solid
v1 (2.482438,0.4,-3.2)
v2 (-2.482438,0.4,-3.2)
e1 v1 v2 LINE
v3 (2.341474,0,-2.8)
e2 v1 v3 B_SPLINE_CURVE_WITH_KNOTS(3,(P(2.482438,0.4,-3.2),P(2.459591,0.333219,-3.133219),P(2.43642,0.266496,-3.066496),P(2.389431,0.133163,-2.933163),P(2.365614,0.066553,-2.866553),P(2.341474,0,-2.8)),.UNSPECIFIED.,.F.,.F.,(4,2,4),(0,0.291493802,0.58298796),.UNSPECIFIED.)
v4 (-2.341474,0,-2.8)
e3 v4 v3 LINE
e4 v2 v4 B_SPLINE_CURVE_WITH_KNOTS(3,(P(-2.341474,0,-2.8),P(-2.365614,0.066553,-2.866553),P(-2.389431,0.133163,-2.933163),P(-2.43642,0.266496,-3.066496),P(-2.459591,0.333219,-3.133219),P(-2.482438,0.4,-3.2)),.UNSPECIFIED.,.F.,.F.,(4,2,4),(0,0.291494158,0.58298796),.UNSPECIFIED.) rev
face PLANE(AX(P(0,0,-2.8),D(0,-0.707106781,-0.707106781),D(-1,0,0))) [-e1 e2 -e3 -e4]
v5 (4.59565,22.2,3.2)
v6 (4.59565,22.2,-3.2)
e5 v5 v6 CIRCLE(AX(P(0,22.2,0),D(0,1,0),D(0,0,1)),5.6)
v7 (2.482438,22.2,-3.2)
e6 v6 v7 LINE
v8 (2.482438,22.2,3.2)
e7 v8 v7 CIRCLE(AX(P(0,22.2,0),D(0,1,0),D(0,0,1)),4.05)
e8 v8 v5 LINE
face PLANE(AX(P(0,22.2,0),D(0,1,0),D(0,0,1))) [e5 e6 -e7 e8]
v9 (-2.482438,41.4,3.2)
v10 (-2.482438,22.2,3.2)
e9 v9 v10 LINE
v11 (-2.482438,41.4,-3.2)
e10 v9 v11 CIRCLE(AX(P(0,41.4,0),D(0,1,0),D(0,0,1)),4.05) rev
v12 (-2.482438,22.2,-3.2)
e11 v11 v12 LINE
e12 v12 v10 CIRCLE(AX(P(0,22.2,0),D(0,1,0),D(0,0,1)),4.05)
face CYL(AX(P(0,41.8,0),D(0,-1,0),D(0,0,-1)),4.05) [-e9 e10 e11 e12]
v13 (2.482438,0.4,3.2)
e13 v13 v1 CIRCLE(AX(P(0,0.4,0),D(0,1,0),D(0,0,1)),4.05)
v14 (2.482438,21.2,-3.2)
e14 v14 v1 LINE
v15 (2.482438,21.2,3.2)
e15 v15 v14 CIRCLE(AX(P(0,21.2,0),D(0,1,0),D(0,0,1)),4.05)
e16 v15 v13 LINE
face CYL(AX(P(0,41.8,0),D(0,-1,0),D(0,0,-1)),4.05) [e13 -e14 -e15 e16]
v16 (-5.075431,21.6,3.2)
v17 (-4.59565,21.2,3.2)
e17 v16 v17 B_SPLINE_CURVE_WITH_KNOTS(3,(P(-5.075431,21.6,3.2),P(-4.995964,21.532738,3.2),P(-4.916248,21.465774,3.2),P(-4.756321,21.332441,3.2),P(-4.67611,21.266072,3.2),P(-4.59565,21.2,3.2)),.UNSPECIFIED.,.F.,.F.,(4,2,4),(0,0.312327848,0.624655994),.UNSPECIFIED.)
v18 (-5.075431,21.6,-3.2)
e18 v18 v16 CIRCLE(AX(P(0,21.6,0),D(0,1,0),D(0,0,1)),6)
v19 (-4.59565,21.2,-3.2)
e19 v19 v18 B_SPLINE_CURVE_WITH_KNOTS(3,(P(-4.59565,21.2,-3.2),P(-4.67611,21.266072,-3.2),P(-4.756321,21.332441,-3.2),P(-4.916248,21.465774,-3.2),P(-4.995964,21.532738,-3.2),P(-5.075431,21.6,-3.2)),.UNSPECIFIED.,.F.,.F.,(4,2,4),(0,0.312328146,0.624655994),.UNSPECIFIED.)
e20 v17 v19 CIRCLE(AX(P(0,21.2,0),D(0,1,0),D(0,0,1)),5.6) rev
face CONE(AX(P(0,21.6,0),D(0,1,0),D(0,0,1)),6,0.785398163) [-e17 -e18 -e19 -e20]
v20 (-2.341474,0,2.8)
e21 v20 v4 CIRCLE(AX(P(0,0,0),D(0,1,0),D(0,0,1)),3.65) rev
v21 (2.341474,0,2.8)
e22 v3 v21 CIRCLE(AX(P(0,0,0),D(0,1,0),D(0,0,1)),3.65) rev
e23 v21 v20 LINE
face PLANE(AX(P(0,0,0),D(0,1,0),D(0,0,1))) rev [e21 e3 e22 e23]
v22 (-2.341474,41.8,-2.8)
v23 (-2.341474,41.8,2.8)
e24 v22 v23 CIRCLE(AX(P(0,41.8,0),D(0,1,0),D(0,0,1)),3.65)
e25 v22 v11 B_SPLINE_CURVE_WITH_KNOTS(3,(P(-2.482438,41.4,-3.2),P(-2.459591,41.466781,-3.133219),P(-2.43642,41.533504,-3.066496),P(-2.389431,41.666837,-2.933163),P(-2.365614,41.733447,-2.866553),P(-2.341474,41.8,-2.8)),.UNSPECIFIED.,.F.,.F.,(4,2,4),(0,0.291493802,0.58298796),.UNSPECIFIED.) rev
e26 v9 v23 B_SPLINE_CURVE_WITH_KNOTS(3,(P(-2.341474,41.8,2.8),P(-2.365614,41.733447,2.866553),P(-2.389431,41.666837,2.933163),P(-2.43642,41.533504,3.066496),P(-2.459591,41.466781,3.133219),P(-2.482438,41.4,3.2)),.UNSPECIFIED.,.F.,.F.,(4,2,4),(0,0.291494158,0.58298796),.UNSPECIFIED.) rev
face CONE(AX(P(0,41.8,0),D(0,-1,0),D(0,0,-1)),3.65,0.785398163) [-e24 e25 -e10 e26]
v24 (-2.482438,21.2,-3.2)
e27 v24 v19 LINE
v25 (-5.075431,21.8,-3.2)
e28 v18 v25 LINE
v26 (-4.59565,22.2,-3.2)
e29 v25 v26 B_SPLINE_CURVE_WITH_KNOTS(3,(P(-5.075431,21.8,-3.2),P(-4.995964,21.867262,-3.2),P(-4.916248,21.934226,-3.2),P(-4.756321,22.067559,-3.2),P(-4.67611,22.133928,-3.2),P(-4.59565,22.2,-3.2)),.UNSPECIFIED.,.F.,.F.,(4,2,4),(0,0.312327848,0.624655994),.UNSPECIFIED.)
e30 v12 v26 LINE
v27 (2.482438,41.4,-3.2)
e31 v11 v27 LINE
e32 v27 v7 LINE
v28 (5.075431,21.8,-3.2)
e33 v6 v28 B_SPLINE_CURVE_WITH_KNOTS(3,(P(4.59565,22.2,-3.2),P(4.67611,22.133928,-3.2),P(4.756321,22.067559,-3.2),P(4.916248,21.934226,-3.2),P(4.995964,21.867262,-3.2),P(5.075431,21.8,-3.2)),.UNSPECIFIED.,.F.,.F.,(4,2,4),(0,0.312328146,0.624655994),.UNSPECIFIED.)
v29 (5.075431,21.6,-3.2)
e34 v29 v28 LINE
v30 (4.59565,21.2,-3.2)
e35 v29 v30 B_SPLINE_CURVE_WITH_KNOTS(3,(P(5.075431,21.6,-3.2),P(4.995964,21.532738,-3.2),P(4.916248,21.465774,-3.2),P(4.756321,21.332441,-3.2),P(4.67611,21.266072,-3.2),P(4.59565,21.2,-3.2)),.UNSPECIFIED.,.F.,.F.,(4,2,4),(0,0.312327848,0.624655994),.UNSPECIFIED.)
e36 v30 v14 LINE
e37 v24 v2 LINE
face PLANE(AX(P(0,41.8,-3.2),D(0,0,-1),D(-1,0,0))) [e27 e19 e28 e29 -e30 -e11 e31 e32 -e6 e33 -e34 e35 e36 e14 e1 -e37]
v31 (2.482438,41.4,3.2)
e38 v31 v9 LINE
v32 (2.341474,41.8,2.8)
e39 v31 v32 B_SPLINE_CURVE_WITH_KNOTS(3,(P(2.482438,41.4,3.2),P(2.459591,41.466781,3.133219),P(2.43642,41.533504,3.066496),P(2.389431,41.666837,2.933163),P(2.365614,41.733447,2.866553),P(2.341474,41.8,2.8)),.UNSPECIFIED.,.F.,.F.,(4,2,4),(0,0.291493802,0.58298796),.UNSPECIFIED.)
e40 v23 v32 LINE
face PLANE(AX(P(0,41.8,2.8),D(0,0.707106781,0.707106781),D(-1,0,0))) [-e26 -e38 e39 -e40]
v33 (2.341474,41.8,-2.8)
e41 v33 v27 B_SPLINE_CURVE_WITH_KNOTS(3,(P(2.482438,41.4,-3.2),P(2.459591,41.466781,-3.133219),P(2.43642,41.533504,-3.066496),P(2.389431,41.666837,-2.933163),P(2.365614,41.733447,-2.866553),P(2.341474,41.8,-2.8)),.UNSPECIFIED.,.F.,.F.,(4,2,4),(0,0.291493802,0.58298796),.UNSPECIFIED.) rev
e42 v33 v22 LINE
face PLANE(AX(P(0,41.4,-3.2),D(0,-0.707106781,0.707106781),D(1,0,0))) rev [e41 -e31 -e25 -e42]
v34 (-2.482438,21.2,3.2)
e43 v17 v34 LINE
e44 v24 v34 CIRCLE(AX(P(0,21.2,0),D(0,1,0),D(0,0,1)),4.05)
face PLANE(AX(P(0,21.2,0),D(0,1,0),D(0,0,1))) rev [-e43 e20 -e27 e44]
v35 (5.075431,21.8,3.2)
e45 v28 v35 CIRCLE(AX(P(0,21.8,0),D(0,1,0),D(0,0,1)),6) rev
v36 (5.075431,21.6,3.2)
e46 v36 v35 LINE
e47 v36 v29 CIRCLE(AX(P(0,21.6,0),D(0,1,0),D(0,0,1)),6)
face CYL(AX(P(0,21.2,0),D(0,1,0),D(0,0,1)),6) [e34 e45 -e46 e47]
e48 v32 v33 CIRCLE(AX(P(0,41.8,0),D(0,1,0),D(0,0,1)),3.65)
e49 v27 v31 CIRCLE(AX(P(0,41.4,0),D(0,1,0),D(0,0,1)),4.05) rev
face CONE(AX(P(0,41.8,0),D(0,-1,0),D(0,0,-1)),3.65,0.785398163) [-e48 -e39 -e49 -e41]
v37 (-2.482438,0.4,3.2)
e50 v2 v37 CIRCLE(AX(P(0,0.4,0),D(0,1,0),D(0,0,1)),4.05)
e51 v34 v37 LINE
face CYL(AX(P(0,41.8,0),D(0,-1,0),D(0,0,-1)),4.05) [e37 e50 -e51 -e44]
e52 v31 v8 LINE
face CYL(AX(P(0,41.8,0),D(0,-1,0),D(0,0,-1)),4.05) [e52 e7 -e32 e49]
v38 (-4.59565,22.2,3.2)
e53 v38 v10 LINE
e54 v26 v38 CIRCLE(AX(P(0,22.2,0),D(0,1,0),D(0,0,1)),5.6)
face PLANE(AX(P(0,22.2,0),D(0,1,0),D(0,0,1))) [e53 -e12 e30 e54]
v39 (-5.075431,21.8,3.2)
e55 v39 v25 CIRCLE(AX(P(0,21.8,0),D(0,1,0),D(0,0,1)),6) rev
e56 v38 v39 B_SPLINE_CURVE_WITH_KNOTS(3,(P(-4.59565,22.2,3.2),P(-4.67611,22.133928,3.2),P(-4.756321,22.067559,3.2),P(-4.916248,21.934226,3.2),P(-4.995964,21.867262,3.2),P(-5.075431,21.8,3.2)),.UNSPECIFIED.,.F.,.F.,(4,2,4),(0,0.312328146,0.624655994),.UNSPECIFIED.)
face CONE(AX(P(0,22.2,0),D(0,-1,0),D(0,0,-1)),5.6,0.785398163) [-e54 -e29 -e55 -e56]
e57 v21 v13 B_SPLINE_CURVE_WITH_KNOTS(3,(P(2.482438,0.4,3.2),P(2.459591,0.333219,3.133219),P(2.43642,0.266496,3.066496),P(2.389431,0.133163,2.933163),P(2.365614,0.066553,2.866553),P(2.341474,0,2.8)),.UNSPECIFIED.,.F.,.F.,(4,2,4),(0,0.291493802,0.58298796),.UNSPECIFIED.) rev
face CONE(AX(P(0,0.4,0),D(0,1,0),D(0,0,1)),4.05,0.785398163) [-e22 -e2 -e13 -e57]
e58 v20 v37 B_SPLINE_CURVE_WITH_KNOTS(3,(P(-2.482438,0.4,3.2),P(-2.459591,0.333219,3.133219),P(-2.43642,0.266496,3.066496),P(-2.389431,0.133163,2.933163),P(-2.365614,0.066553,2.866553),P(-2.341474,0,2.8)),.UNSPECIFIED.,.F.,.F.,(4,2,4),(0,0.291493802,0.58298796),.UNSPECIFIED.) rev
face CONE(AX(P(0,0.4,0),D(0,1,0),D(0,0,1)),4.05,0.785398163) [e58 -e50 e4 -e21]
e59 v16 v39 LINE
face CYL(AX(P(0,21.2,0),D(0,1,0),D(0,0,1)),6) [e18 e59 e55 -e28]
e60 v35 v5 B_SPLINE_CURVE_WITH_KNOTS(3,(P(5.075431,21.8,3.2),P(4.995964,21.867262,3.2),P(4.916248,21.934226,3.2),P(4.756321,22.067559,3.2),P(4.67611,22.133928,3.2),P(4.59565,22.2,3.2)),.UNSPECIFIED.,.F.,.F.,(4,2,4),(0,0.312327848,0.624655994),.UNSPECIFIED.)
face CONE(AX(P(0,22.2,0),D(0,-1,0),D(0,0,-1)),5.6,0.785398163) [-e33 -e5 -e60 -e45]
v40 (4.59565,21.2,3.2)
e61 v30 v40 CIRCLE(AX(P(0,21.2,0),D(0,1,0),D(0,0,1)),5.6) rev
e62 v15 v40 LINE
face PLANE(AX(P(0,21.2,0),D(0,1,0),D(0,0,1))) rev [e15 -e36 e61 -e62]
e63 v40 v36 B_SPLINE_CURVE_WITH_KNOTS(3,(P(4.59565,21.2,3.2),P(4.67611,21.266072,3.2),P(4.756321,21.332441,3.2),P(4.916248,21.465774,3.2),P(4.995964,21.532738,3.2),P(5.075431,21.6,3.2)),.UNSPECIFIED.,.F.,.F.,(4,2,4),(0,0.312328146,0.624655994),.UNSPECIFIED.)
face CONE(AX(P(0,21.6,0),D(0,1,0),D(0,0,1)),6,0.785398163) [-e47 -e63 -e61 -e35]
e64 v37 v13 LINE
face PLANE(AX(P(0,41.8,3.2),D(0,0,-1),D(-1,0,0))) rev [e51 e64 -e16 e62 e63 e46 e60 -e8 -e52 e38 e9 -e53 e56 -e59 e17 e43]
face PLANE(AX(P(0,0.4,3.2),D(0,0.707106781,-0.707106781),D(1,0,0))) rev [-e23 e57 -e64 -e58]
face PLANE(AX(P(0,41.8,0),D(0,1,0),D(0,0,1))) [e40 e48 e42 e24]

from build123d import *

# Parameters (mm, degrees)
BOSS_EXTRUDE1_DEPTH = 41.8
CHAMFER1_SIZE       = 0.4
BOSS_EXTRUDE2_DEPTH = 1
CHAMFER2_SIZE       = 0.4


with BuildPart() as part:
    # Sketch1 → Boss-Extrude1 (new body)
    with BuildSketch(Plane(origin=(0, 0, 0), x_dir=(1, 0, 0), z_dir=(0, 1, 0))):
        with BuildLine():
            Line((-2.482438317, -3.2), (2.482438317, -3.2))
            ThreePointArc((2.482438317, -3.2), (4.05, 0), (2.482438317, 3.2))
            Line((2.482438317, 3.2), (-2.482438317, 3.2))
            ThreePointArc((-2.482438317, 3.2), (-4.05, 0), (-2.482438317, -3.2))
        make_face()
    extrude(amount=BOSS_EXTRUDE1_DEPTH)

    # Chamfer1
    chamfer1_edges = [part.edges().sort_by_distance(p)[0] for p in [
        (0, 41.8, -3.2),
        (-4.05, 41.8, 0),
        (4.05, 41.8, 0),
        (0, 41.8, 3.2),
        (4.05, 0, 0),
        (0, 0, 3.2),
        (-4.05, 0, 0),
        (0, 0, -3.2),
    ]]
    chamfer(chamfer1_edges, length=CHAMFER1_SIZE)

    # Sketch2 → Boss-Extrude2 (add)
    with BuildSketch(Plane(origin=(0, 22.2, 0), x_dir=(1, 0, 0), z_dir=(0, 1, 0))):
        with BuildLine():
            Line((-5.075431016, -3.2), (5.075431016, -3.2))
            ThreePointArc((5.075431016, -3.2), (6, 0), (5.075431016, 3.2))
            Line((5.075431016, 3.2), (-5.075431016, 3.2))
            ThreePointArc((-5.075431016, 3.2), (-6, 0), (-5.075431016, -3.2))
        make_face()
    extrude(amount=-BOSS_EXTRUDE2_DEPTH)

    # Chamfer2
    chamfer2_edges = [part.edges().sort_by_distance(p)[0] for p in [
        (-6, 22.2, 0),
        (-6, 21.2, 0),
        (6, 21.2, 0),
        (6, 22.2, 0),
    ]]
    chamfer(chamfer2_edges, length=CHAMFER2_SIZE)


solid = part.part
